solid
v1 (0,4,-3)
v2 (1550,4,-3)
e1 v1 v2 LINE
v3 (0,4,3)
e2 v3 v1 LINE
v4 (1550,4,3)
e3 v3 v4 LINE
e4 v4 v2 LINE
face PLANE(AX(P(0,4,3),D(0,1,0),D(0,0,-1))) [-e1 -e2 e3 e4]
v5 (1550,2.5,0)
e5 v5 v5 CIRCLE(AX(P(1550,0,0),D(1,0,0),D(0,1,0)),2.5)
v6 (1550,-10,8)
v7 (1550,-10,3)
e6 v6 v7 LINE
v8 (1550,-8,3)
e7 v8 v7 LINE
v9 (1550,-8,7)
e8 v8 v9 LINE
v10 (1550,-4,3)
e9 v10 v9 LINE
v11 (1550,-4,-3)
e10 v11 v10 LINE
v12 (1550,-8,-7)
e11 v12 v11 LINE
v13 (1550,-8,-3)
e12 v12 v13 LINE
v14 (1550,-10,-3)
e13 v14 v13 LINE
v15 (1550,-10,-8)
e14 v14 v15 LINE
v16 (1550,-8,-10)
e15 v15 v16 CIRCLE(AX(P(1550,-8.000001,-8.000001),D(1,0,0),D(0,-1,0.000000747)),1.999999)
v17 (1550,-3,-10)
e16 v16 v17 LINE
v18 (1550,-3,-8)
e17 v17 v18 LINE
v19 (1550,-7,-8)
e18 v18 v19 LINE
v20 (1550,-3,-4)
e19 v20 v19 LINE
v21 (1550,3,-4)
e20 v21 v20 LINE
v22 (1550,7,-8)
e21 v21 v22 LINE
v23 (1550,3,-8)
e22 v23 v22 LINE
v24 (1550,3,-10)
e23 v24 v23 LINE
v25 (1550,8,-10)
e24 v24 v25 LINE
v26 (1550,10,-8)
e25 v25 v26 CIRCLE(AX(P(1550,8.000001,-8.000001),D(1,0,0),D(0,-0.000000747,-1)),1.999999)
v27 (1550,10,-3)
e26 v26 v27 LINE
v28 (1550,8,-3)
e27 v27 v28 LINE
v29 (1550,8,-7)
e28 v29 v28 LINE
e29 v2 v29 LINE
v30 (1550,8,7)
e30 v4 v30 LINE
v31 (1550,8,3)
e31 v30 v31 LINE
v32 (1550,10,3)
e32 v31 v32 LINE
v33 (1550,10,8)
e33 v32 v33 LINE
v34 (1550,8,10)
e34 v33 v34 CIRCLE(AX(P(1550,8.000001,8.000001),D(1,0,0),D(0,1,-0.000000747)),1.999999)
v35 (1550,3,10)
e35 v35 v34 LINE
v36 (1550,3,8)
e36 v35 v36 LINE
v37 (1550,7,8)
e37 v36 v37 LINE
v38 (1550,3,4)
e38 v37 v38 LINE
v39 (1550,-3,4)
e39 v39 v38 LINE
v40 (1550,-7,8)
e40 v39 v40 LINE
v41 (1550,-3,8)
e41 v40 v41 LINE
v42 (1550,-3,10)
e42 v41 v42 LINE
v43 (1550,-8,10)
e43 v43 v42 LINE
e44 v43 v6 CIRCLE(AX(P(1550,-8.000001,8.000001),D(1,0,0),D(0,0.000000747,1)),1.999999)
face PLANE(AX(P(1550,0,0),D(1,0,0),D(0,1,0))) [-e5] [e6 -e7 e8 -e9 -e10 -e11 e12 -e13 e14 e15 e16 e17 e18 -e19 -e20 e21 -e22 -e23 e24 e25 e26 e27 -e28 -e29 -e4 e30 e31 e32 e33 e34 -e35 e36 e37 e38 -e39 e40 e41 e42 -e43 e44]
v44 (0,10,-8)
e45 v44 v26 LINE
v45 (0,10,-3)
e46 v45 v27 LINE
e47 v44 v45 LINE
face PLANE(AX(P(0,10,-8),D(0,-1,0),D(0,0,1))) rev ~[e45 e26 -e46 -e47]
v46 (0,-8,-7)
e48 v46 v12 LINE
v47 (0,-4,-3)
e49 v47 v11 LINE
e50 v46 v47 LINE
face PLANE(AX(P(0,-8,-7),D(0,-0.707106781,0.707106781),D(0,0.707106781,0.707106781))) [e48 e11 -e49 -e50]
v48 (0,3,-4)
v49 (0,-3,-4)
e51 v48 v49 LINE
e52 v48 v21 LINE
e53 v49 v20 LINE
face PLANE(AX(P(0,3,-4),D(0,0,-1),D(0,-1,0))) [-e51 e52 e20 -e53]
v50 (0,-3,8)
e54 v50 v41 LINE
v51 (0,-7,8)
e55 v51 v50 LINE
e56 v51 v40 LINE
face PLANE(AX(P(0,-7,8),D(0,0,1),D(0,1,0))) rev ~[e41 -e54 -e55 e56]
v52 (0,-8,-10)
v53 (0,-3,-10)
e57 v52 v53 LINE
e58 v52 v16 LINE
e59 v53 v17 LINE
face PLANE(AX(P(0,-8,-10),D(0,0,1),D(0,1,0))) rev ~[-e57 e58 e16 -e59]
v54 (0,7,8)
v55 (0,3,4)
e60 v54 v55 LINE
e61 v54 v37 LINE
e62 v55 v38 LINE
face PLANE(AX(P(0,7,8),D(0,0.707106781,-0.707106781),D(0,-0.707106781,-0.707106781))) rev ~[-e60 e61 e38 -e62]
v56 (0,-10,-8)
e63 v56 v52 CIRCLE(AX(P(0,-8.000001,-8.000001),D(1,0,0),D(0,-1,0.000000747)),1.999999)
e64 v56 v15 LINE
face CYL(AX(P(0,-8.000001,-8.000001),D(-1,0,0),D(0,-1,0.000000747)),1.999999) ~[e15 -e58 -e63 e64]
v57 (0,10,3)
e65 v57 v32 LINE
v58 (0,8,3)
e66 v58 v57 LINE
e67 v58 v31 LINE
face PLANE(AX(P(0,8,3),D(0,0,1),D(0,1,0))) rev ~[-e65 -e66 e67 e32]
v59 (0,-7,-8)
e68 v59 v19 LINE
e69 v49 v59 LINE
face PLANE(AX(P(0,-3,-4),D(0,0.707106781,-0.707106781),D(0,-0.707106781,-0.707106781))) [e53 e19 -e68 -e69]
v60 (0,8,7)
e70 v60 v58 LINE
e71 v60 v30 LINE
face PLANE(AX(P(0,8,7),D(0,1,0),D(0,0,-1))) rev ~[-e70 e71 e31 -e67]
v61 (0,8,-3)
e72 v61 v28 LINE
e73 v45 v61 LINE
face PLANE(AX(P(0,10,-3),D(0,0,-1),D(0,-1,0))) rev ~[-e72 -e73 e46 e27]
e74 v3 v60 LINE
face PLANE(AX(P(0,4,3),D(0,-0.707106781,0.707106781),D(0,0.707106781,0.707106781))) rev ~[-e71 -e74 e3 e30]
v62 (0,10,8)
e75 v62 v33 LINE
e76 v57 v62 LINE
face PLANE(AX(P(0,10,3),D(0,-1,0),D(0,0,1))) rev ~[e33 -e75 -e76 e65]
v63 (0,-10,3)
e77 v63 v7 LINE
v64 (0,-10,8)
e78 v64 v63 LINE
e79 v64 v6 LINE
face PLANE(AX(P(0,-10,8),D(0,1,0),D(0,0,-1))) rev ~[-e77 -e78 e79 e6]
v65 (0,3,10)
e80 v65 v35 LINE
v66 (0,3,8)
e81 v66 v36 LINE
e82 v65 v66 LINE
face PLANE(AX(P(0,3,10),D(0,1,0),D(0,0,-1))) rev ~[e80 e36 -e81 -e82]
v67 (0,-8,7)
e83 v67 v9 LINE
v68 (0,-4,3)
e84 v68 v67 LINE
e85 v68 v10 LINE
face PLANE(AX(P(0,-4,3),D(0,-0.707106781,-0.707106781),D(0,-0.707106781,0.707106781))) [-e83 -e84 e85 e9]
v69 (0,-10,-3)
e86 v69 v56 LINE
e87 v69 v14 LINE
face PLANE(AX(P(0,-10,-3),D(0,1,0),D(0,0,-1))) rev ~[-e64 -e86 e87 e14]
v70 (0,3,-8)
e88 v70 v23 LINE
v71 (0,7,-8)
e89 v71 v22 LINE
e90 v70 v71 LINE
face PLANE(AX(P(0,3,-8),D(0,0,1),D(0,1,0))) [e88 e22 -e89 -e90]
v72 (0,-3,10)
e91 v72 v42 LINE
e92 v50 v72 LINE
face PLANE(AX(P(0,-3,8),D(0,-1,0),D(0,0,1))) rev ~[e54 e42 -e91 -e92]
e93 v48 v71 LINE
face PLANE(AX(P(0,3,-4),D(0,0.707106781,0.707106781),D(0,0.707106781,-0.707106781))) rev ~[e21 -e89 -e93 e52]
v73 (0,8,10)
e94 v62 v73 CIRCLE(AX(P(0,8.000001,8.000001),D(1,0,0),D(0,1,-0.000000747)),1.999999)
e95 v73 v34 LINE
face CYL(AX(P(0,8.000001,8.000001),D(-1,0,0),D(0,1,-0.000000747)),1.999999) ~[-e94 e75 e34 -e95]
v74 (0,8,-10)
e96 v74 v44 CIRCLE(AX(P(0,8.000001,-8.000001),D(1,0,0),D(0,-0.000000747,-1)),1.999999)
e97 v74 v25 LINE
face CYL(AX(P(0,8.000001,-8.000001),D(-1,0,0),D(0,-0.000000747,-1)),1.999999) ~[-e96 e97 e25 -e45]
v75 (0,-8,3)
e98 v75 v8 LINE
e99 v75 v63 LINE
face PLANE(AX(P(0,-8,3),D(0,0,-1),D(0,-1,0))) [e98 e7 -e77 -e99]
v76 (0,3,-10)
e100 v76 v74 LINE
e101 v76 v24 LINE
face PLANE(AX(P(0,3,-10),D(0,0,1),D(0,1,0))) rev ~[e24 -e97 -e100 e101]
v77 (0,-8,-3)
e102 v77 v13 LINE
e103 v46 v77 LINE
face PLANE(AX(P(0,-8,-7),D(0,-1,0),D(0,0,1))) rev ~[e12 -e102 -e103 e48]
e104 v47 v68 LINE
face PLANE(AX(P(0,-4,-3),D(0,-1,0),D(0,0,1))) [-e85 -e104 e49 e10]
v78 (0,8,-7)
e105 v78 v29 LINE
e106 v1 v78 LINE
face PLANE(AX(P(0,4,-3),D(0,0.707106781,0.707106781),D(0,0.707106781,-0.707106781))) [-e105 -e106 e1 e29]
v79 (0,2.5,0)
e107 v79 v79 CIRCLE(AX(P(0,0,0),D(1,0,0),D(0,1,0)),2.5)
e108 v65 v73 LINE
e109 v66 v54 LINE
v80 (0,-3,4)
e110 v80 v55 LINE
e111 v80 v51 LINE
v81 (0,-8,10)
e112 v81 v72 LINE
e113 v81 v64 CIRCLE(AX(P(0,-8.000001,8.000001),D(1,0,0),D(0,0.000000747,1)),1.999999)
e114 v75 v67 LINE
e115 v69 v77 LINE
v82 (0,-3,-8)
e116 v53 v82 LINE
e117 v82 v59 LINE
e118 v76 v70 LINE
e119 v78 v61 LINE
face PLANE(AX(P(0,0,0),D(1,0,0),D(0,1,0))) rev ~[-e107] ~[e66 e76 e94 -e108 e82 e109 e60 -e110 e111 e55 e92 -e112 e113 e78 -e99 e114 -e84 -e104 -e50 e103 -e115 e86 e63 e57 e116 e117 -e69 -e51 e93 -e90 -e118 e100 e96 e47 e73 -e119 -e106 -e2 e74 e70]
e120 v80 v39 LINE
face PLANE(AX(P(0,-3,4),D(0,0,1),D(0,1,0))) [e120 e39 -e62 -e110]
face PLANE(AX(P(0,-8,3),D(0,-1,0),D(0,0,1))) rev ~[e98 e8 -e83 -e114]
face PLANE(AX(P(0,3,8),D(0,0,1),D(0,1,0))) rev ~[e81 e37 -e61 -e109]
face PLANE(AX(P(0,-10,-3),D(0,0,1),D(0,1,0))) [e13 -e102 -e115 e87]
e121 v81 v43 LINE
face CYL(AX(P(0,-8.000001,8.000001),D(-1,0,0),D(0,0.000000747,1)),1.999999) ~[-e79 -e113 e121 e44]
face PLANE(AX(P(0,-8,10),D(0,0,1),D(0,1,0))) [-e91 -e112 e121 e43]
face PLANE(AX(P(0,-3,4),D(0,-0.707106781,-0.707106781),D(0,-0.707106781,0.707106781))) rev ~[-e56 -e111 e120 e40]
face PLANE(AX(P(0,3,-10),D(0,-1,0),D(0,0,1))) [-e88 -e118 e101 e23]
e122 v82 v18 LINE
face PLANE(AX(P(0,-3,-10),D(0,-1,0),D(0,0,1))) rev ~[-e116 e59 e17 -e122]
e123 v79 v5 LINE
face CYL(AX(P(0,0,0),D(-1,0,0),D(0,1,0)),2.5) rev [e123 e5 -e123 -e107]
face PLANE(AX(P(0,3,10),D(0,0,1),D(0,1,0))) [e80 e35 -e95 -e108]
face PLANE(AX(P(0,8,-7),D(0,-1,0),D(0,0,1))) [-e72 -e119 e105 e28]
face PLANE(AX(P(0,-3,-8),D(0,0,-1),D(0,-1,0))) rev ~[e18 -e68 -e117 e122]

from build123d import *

# Parameters (mm, degrees)
SKETCH_R  = 2.5
PAD_DEPTH = 1550


with BuildPart() as part:
    # Sketch → Pad (new body)
    with BuildSketch(Plane.YZ):
        with BuildLine():
            ThreePointArc((-8, 10), (-9.414214, 9.414214), (-10, 8))
            Line((-10, 8), (-10, 3))
            Line((-8, 3), (-10, 3))
            Line((-8, 3), (-8, 7))
            Line((-4, 3), (-8, 7))
            Line((-4, -3), (-4, 3))
            Line((-8, -7), (-4, -3))
            Line((-8, -7), (-8, -3))
            Line((-10, -3), (-8, -3))
            Line((-10, -3), (-10, -8))
            ThreePointArc((-10, -8), (-9.414214, -9.414214), (-8, -10))
            Line((-8, -10), (-3, -10))
            Line((-3, -10), (-3, -8))
            Line((-3, -8), (-7, -8))
            Line((-3, -4), (-7, -8))
            Line((3, -4), (-3, -4))
            Line((3, -4), (7, -8))
            Line((3, -8), (7, -8))
            Line((3, -10), (3, -8))
            Line((3, -10), (8, -10))
            ThreePointArc((8, -10), (9.414214, -9.414214), (10, -8))
            Line((10, -8), (10, -3))
            Line((10, -3), (8, -3))
            Line((8, -7), (8, -3))
            Line((4, -3), (8, -7))
            Line((4, 3), (4, -3))
            Line((4, 3), (8, 7))
            Line((8, 7), (8, 3))
            Line((8, 3), (10, 3))
            Line((10, 3), (10, 8))
            ThreePointArc((10, 8), (9.414214, 9.414214), (8, 10))
            Line((3, 10), (8, 10))
            Line((3, 10), (3, 8))
            Line((3, 8), (7, 8))
            Line((7, 8), (3, 4))
            Line((-3, 4), (3, 4))
            Line((-3, 4), (-7, 8))
            Line((-7, 8), (-3, 8))
            Line((-3, 8), (-3, 10))
            Line((-8, 10), (-3, 10))
        make_face()
        Circle(SKETCH_R, mode=Mode.SUBTRACT)
    extrude(amount=PAD_DEPTH)


solid = part.part
